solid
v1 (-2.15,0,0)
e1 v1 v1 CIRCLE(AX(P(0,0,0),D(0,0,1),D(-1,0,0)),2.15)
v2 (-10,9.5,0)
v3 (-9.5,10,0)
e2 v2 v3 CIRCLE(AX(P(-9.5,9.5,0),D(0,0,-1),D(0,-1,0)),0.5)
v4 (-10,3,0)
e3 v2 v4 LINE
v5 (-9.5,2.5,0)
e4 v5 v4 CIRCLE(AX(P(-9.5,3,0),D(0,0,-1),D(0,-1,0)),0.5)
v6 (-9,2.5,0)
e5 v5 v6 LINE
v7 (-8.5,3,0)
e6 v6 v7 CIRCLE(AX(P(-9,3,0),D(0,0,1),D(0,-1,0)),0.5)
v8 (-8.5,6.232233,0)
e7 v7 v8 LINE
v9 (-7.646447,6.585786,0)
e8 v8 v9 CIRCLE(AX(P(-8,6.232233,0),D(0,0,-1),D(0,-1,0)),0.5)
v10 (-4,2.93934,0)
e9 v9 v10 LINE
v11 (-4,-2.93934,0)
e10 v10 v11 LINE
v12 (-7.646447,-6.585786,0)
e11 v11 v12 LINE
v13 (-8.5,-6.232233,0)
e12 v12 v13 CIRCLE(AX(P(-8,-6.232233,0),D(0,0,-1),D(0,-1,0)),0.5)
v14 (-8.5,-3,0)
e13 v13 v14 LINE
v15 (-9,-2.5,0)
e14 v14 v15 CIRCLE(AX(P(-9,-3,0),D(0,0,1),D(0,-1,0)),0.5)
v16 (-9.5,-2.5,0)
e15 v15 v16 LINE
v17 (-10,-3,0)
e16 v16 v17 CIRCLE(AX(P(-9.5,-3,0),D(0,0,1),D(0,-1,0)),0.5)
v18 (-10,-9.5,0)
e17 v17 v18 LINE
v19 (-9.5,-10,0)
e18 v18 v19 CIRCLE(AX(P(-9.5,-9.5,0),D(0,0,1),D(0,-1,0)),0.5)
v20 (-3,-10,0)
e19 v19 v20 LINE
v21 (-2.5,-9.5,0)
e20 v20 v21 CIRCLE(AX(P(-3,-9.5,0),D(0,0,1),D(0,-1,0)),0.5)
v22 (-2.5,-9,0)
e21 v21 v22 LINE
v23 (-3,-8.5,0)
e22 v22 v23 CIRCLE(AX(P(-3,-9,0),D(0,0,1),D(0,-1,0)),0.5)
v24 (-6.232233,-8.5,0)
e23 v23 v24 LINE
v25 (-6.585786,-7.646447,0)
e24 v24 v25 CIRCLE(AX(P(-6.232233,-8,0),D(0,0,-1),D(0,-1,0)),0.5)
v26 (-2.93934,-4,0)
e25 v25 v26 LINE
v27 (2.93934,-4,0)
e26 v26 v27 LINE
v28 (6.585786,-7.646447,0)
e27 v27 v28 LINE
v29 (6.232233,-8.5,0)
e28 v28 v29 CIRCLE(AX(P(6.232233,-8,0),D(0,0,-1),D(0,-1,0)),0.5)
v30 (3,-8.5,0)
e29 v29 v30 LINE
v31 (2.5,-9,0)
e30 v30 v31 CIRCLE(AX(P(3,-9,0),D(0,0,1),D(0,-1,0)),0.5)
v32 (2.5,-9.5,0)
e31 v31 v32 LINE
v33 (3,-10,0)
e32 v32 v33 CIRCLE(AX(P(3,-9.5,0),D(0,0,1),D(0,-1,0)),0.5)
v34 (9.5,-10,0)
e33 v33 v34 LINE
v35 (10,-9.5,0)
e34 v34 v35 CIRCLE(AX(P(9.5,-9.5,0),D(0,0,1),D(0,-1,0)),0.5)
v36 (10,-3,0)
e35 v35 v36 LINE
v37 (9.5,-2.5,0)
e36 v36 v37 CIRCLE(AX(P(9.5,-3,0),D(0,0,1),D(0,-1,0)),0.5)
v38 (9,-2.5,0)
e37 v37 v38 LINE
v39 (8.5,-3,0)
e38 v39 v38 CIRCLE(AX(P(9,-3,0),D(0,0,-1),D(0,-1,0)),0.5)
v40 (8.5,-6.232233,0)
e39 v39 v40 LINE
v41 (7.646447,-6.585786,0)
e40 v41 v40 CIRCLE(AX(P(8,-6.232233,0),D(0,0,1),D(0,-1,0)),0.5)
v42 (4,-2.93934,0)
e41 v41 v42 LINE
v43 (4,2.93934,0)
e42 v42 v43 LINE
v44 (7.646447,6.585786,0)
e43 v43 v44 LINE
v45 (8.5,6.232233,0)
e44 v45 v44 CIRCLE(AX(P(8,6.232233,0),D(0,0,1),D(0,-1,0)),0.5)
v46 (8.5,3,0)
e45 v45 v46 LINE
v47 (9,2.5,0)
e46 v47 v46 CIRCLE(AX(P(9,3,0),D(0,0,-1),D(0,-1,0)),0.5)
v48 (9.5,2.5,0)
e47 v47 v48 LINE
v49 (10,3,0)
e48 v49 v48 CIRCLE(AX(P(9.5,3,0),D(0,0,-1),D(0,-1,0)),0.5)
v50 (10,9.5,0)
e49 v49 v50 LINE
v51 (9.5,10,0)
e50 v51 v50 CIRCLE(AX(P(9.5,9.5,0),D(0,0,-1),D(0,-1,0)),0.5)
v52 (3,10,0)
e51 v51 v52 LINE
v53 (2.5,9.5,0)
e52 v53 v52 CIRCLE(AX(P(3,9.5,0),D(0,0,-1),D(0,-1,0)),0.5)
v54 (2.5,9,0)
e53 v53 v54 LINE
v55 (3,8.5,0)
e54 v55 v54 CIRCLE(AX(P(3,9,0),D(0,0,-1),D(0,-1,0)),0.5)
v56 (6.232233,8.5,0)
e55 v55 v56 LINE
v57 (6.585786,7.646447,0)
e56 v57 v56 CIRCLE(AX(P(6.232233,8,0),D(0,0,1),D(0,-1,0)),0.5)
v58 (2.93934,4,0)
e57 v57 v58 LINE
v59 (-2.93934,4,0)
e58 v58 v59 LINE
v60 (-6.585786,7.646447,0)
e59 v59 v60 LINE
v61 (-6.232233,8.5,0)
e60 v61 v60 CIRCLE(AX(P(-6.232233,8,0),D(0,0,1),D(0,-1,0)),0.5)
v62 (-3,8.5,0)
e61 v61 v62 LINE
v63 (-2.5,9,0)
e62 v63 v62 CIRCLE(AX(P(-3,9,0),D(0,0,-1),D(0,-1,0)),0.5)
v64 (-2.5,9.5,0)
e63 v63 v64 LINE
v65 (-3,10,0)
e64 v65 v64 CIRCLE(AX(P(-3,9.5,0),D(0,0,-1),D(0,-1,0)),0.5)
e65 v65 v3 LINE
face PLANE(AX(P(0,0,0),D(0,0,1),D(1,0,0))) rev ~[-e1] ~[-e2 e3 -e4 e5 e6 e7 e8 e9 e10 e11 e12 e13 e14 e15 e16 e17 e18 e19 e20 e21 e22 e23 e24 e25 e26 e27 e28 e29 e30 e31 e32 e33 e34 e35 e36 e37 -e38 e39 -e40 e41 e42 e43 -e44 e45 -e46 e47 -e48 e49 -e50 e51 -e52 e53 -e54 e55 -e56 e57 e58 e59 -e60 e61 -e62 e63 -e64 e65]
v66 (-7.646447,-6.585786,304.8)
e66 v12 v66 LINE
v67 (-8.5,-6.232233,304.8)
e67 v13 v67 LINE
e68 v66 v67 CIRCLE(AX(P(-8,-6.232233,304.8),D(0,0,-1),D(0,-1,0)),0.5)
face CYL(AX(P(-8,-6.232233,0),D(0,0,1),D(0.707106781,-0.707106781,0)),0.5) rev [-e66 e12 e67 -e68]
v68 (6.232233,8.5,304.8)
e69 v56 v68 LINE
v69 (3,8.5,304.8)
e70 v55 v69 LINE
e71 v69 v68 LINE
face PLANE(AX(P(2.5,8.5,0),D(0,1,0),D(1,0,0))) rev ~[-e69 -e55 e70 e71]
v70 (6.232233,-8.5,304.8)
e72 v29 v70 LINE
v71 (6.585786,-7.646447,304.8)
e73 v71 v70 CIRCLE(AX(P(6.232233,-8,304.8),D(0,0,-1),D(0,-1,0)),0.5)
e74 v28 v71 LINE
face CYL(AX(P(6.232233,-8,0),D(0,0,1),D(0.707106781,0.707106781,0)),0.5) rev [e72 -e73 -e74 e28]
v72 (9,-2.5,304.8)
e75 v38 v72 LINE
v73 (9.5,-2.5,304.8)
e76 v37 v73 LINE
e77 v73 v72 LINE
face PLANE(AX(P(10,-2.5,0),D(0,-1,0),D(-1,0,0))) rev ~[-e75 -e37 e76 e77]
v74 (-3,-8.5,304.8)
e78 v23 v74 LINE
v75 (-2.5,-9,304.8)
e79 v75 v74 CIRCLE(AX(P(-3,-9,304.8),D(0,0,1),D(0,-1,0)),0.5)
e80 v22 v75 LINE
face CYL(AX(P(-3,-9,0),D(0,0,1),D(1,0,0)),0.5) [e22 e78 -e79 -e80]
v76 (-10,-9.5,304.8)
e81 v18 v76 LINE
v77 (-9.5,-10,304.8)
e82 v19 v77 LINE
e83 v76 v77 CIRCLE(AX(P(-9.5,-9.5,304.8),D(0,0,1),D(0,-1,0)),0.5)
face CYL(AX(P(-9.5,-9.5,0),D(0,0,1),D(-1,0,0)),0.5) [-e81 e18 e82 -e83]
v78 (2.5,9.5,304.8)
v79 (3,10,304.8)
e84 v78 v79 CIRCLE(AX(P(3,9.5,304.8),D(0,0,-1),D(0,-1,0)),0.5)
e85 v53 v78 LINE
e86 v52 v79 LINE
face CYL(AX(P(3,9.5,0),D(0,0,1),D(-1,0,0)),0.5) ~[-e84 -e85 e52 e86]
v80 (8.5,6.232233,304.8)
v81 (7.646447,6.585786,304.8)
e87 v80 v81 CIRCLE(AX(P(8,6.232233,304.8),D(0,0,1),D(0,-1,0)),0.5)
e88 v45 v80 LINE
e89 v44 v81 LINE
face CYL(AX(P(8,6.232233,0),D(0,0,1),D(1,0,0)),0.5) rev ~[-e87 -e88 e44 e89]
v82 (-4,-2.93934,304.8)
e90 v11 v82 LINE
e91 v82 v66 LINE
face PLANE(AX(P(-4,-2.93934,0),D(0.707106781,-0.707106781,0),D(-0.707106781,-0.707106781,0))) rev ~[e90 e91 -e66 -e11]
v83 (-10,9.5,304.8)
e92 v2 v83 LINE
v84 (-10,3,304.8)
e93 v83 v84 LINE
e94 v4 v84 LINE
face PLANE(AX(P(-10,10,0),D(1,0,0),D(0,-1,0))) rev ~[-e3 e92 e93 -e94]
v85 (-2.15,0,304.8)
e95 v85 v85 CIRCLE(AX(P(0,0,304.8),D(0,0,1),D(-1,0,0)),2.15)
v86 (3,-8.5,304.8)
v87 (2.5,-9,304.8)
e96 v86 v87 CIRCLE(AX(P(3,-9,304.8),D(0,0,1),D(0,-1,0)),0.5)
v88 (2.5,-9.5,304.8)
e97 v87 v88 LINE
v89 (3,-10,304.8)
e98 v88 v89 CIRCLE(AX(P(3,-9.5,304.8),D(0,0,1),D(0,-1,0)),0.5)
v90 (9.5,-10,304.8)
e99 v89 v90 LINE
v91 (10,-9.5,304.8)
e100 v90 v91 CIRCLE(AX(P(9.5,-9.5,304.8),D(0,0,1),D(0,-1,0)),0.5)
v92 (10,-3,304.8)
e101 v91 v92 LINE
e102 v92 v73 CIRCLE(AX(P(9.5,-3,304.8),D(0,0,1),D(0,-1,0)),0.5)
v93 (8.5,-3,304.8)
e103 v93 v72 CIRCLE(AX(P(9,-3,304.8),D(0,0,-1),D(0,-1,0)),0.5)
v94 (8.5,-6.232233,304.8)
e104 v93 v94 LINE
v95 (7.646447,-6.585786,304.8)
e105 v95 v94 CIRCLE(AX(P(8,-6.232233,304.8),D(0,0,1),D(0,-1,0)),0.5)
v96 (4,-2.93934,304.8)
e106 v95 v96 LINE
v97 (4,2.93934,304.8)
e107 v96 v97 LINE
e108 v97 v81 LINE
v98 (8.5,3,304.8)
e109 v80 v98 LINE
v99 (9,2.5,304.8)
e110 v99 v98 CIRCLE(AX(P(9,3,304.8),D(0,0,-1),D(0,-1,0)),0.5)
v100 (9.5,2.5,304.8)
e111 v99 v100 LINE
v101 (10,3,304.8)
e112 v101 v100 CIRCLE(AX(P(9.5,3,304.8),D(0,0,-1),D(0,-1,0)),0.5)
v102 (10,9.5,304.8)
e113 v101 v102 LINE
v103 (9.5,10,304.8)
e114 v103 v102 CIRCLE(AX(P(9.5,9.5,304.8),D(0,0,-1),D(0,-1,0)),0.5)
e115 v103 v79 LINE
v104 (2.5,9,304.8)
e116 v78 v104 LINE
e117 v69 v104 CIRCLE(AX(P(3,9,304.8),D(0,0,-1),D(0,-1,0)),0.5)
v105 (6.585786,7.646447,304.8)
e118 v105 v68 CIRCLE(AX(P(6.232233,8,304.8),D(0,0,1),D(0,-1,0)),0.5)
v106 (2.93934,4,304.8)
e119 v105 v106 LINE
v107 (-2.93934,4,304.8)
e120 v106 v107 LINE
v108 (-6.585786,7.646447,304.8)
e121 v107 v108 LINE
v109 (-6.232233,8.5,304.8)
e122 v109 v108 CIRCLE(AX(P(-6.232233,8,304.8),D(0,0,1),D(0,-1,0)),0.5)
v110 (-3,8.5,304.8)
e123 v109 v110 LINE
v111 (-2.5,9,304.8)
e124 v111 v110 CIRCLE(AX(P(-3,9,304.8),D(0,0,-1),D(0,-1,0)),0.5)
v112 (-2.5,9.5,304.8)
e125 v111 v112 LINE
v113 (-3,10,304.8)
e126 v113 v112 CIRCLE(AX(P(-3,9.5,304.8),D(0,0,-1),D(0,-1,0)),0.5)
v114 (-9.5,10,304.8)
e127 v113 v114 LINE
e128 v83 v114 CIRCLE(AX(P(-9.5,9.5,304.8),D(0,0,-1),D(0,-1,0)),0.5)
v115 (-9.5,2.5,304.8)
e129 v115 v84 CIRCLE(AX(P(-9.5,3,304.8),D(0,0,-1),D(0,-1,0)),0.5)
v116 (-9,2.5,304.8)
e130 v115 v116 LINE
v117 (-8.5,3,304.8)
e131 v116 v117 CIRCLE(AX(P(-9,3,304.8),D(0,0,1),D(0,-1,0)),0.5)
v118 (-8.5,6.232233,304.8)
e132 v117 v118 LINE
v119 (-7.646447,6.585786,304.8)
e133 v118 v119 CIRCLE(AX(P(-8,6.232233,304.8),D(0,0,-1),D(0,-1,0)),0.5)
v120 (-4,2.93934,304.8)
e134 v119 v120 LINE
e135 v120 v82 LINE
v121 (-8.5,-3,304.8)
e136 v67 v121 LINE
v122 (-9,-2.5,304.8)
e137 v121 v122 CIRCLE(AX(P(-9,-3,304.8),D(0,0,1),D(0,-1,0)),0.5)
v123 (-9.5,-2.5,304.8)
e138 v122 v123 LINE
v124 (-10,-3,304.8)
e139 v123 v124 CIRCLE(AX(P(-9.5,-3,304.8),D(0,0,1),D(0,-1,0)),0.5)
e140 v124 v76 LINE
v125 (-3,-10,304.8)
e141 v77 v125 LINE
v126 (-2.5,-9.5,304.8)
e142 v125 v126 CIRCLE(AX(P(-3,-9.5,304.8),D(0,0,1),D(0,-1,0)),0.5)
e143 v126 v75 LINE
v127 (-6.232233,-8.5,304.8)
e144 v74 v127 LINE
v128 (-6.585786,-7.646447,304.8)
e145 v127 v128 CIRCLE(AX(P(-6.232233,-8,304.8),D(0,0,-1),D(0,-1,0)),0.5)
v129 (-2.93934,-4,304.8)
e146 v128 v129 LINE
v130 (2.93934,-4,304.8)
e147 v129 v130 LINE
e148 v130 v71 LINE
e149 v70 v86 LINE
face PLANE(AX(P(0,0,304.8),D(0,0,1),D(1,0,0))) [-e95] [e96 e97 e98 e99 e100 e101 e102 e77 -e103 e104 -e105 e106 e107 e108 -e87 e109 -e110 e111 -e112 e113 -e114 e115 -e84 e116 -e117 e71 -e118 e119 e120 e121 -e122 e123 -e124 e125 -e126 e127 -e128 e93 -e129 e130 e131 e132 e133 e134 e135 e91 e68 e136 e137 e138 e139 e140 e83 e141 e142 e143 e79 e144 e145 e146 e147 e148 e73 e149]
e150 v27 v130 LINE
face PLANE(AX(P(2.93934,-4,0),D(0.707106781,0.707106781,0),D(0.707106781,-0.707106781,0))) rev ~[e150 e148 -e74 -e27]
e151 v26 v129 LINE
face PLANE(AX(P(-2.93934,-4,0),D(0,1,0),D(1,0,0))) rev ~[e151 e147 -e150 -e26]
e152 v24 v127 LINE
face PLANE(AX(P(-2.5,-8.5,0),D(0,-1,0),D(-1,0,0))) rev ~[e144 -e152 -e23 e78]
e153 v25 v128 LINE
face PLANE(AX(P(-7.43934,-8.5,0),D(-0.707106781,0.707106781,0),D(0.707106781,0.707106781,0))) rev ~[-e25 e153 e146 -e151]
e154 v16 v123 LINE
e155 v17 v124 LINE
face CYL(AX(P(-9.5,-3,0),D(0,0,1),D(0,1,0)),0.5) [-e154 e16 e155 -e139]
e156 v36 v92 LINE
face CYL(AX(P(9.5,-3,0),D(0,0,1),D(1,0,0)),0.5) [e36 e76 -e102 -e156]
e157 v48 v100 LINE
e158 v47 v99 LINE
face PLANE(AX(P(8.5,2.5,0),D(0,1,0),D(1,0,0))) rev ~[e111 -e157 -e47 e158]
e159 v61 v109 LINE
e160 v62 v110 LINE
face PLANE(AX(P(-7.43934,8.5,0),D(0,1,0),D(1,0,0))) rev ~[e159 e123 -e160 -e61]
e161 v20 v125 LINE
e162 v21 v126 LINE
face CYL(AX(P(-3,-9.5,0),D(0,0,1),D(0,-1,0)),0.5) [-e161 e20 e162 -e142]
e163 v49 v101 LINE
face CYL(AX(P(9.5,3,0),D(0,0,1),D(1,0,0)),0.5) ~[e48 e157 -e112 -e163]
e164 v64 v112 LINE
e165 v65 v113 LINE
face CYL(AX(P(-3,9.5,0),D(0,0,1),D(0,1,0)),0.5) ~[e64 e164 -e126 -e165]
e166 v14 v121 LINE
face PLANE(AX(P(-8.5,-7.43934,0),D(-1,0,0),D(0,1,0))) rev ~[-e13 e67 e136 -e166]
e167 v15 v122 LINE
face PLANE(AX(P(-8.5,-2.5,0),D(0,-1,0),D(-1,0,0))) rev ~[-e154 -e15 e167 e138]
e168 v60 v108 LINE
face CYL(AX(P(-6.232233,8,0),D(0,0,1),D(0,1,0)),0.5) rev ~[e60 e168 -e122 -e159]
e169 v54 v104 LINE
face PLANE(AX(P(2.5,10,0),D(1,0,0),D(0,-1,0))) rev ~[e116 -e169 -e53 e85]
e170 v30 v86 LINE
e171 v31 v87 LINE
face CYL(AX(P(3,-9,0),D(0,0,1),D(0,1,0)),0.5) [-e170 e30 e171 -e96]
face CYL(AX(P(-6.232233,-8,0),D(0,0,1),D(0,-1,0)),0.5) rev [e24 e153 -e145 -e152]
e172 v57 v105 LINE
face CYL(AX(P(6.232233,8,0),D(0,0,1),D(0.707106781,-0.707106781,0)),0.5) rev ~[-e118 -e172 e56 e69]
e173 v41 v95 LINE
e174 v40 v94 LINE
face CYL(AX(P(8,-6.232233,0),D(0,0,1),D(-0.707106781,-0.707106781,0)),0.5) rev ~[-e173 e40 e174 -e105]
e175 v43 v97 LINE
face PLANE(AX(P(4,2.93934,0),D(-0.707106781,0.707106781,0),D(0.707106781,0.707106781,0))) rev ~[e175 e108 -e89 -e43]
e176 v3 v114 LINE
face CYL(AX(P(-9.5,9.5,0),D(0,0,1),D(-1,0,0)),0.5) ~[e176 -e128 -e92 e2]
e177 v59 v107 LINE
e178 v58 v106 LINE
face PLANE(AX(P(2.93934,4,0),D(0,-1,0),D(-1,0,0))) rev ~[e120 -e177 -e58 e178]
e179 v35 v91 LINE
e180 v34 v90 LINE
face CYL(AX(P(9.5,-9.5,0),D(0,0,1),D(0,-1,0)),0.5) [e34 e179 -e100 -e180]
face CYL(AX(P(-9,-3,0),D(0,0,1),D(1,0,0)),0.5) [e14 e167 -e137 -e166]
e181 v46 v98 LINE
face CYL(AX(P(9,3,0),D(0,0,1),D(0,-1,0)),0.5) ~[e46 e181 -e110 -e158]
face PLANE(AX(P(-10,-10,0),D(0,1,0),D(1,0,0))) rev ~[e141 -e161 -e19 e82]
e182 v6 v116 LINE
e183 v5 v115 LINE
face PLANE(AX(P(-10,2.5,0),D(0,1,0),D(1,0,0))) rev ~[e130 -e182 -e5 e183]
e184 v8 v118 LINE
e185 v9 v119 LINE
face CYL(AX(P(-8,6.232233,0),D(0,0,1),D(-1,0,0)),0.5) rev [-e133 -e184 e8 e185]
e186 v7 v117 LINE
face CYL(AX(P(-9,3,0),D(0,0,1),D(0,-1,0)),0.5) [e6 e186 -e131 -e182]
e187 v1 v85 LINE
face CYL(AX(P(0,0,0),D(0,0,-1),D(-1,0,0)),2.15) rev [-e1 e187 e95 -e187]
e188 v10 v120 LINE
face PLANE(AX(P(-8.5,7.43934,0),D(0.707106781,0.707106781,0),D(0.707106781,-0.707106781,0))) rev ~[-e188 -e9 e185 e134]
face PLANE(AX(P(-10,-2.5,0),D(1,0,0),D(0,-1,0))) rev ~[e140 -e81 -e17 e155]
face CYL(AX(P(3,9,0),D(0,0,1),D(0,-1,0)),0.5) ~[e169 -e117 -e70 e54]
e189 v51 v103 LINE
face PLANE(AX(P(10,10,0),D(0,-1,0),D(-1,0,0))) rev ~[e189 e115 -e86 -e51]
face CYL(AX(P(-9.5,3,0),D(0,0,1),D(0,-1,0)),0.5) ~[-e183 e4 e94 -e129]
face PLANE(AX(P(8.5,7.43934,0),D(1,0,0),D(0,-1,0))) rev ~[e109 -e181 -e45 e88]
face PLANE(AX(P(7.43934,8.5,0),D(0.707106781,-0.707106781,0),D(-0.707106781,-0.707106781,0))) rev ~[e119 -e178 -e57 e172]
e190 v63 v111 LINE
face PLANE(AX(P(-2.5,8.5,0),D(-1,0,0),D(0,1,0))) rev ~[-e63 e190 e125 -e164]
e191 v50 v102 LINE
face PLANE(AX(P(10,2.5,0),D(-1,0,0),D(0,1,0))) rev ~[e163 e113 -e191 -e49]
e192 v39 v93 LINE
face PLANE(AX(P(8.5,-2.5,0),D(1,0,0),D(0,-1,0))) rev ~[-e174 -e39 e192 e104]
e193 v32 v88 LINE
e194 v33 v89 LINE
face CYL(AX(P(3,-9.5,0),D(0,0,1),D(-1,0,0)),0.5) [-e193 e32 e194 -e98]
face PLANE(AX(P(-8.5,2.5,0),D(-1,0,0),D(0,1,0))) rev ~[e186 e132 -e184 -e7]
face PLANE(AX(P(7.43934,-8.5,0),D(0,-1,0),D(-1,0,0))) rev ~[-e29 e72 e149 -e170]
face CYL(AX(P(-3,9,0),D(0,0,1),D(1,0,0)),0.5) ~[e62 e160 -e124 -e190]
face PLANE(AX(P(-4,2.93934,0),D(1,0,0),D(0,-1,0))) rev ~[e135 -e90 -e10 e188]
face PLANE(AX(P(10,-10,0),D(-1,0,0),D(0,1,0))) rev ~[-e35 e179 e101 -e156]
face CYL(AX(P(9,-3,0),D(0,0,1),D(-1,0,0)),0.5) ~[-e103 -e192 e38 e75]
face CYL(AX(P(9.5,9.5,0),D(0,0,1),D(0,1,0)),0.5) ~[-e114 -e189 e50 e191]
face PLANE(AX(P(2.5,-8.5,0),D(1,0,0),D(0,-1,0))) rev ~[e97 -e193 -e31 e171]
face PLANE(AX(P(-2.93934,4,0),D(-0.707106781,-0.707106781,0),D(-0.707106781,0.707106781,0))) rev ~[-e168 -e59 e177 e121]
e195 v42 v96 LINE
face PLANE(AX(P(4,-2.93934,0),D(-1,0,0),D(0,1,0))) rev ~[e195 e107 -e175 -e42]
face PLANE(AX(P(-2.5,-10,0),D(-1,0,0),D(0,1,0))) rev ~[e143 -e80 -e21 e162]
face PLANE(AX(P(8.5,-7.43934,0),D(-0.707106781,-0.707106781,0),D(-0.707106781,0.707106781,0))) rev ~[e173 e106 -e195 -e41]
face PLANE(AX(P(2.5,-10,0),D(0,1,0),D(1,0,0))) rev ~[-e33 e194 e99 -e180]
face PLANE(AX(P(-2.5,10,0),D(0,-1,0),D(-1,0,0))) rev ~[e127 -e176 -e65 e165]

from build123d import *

# Parameters (mm, degrees)
SKETCH1_R           = 2.15
BOSS_EXTRUDE1_DEPTH = 304.8
FILLET1_R           = 0.5


with BuildPart() as part:
    # Sketch1 → Boss-Extrude1 (new body)
    with BuildSketch(Plane.XY):
        Polygon((-10, 2.5), (-8.5, 2.5), (-8.5, 7.439339828), (-4, 2.939339828), (-4, 0), (-4, -2.939339828), (-8.5, -7.439339828), (-8.5, -2.5), (-10, -2.5), (-10, -10), (-2.5, -10), (-2.5, -8.5), (-7.439339828, -8.5), (-2.939339828, -4), (0, -4), (2.939339828, -4), (7.439339828, -8.5), (2.5, -8.5), (2.5, -10), (10, -10), (10, -2.5), (8.5, -2.5), (8.5, -7.439339828), (4, -2.939339828), (4, 0), (4, 2.939339828), (8.5, 7.439339828), (8.5, 2.5), (10, 2.5), (10, 10), (2.5, 10), (2.5, 8.5), (7.439339828, 8.5), (2.939339828, 4), (0, 4), (-2.939339828, 4), (-7.439339828, 8.5), (-2.5, 8.5), (-2.5, 10), (-10, 10), align=None)
        with Locations(Location((0, 0, 0), (0, 0, 180))):
            Circle(SKETCH1_R, mode=Mode.SUBTRACT)
    extrude(amount=BOSS_EXTRUDE1_DEPTH)

    # Fillet1
    fillet1_edges = [part.edges().sort_by_distance(p)[0] for p in [
        (7.439339828, 8.5, 152.4),
        (2.5, 8.5, 152.4),
        (2.5, 10, 152.4),
        (10, 10, 152.4),
        (10, 2.5, 152.4),
        (8.5, 2.5, 152.4),
        (8.5, 7.439339828, 152.4),
        (8.5, -7.439339828, 152.4),
        (8.5, -2.5, 152.4),
        (10, -2.5, 152.4),
        (10, -10, 152.4),
        (2.5, -10, 152.4),
        (2.5, -8.5, 152.4),
        (7.439339828, -8.5, 152.4),
        (-7.439339828, -8.5, 152.4),
        (-2.5, -8.5, 152.4),
        (-2.5, -10, 152.4),
        (-10, -10, 152.4),
        (-10, -2.5, 152.4),
        (-8.5, -2.5, 152.4),
        (-8.5, -7.439339828, 152.4),
        (-8.5, 7.439339828, 152.4),
        (-8.5, 2.5, 152.4),
        (-10, 2.5, 152.4),
        (-10, 10, 152.4),
        (-2.5, 10, 152.4),
        (-2.5, 8.5, 152.4),
        (-7.439339828, 8.5, 152.4),
    ]]
    fillet(fillet1_edges, radius=FILLET1_R)


solid = part.part
